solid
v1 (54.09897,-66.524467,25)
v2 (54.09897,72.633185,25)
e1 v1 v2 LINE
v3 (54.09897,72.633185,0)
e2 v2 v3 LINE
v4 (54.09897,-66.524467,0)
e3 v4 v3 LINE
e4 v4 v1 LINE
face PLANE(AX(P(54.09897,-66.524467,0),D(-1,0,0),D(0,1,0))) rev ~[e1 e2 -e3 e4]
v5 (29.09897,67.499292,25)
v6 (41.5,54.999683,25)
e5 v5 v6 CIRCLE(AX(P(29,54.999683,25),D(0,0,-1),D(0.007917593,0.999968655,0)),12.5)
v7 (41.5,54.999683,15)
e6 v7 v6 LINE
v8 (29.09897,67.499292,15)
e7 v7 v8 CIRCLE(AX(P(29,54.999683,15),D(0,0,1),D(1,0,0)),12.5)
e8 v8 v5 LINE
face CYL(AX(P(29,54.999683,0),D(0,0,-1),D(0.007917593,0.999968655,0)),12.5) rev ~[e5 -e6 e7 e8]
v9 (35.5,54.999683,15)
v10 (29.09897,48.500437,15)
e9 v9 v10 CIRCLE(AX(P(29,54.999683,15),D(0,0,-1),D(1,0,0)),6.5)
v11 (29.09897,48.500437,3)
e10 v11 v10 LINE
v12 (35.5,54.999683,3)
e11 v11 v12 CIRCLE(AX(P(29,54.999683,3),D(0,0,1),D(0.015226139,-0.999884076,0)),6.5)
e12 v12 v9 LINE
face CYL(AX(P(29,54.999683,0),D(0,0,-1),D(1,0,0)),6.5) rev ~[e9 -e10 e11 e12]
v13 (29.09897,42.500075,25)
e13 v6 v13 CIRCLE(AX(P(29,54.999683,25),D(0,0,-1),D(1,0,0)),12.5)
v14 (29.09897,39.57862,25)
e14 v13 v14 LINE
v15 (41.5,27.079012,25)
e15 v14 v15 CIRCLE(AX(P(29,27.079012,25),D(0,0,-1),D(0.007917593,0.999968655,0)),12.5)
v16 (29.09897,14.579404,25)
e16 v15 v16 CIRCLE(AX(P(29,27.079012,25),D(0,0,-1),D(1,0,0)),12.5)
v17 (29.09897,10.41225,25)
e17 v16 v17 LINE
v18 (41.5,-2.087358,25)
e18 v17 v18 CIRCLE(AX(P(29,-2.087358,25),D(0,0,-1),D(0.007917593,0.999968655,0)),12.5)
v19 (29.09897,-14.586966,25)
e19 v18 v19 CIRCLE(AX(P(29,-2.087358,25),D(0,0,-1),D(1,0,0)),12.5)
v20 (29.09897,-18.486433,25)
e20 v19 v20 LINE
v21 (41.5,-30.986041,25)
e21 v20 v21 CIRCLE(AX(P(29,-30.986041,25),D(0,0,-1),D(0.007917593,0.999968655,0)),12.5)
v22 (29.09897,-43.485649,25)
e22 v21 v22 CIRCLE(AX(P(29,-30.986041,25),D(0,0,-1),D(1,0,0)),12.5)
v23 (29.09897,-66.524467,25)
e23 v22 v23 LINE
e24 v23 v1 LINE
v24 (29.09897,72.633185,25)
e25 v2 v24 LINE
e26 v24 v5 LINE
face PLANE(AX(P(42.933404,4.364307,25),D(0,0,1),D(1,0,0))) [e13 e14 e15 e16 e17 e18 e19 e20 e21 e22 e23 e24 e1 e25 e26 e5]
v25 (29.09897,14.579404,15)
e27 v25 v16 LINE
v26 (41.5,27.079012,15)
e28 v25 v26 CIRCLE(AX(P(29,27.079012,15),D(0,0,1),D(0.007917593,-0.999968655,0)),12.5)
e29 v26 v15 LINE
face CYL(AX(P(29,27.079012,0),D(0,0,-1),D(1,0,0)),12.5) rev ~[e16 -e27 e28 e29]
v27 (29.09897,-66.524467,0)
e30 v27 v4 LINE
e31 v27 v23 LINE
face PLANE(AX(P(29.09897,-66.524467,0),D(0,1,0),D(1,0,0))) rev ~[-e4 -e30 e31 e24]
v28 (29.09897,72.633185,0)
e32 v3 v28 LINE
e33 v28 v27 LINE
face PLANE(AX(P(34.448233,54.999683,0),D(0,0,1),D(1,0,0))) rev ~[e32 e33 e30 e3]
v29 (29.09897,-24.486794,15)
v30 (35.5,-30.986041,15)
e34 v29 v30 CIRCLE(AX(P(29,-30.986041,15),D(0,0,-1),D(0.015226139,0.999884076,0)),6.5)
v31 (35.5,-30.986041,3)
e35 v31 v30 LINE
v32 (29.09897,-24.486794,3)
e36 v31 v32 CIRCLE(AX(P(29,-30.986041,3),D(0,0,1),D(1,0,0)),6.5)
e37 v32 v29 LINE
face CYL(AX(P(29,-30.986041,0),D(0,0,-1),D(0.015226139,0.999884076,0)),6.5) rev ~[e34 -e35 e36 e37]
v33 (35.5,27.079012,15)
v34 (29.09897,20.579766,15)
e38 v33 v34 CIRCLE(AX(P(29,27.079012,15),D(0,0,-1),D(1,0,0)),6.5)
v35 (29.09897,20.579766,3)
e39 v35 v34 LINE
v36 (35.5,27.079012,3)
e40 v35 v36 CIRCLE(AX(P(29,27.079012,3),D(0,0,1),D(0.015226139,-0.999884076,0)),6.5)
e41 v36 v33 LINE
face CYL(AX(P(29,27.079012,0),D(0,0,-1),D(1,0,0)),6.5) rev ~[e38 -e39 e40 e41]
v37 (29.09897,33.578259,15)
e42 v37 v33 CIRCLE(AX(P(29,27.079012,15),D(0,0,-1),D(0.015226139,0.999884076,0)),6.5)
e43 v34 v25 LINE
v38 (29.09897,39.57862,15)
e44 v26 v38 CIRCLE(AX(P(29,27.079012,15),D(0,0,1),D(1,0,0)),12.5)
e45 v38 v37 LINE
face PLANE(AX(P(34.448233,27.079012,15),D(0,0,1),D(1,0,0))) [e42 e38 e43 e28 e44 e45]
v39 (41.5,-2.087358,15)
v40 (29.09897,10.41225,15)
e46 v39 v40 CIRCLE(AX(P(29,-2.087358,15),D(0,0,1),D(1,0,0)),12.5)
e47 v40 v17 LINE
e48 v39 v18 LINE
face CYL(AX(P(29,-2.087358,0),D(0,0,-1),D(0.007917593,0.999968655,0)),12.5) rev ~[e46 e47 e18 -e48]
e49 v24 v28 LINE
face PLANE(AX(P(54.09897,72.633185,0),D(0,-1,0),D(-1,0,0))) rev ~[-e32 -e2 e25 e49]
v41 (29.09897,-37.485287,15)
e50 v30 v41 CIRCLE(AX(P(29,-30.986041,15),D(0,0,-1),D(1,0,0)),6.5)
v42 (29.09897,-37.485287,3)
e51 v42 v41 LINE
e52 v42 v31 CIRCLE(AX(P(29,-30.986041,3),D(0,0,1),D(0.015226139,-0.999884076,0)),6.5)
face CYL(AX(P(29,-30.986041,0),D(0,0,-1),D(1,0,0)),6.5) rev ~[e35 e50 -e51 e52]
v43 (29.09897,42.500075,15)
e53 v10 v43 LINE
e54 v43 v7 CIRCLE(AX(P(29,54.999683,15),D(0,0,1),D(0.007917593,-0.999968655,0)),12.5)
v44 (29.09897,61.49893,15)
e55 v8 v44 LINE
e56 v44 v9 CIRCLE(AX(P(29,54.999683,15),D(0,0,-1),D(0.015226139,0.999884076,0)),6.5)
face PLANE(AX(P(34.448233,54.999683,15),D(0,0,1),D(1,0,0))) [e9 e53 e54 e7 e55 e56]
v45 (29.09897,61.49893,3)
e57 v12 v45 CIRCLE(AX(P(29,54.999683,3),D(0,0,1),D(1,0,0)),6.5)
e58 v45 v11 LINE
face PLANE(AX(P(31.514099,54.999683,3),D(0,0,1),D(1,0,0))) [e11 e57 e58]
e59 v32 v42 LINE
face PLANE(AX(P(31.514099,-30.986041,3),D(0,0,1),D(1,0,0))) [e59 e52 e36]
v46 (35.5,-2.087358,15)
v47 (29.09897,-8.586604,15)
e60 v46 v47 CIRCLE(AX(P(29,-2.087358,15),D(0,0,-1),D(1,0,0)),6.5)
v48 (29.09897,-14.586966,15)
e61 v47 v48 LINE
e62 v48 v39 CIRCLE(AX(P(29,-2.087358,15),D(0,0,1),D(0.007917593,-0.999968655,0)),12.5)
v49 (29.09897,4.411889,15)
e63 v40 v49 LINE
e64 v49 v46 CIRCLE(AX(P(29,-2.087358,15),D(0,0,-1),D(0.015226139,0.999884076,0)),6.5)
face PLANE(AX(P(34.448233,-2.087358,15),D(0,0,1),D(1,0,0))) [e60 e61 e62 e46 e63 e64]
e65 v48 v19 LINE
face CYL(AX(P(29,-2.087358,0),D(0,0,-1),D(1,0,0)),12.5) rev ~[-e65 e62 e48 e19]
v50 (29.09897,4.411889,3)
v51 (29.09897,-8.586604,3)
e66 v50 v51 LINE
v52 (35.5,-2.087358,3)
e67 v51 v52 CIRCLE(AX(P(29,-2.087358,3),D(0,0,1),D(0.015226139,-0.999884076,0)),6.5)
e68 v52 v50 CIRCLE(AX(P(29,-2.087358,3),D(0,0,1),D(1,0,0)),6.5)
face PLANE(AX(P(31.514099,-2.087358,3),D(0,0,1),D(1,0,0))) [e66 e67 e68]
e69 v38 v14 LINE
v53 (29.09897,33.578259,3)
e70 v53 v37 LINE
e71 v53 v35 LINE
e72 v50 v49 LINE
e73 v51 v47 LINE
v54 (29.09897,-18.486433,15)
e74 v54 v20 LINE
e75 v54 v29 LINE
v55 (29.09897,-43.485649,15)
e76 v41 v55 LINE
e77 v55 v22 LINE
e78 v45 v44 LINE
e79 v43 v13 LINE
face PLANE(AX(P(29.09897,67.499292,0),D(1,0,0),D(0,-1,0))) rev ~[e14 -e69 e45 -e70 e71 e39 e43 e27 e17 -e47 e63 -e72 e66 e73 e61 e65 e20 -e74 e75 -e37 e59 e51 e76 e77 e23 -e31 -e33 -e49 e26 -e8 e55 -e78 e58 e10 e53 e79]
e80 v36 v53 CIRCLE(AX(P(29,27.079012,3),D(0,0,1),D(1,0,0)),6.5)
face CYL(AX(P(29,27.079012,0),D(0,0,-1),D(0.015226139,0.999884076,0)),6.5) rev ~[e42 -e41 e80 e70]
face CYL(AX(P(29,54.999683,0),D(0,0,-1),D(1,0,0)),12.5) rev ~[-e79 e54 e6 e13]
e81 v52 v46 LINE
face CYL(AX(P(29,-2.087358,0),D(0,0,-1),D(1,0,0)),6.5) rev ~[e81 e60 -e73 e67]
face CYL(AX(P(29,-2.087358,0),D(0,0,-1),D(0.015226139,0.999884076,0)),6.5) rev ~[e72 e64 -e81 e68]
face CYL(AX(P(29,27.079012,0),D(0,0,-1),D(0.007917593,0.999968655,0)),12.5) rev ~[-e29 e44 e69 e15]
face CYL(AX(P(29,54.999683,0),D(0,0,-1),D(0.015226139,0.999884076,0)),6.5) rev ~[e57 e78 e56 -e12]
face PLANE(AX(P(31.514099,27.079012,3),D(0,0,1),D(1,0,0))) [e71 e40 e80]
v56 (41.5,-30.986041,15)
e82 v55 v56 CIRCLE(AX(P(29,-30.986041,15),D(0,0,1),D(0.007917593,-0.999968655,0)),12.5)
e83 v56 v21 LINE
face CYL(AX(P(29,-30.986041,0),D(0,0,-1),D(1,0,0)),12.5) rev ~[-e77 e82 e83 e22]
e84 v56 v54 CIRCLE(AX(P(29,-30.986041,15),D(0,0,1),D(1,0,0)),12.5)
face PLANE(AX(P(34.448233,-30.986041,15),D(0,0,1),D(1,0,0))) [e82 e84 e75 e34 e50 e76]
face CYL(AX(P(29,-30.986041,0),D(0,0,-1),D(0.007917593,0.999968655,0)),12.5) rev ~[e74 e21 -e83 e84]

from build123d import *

# Parameters (mm, degrees)
F1_DEPTH = 25
F2_DEPTH = 3
F3_DEPTH = 15
F4_W     = 25
F4_H     = 139.1576522589
F5_DEPTH = 3


with BuildPart() as f1:
    # F0 (on Top) → F1 (new body)
    with BuildSketch(Plane.XY):
        with BuildLine():
            Line((54.0989699066, 72.6331850421), (29.0989699066, 72.6331850421))
            Line((29.0989699066, 72.6331850421), (29.0989699066, 67.49929167))
            ThreePointArc((29.0989699066, 67.49929167), (37.8737569223, 63.8034575596), (41.5, 54.9996834778))
            ThreePointArc((41.5, 54.9996834778), (37.8737569223, 46.195909396), (29.0989699066, 42.5000752856))
            Line((29.0989699066, 42.5000752856), (29.0989699066, 39.5786203772))
            ThreePointArc((29.0989699066, 39.5786203772), (37.8737569223, 35.8827862669), (41.5, 27.079012185))
            ThreePointArc((41.5, 27.079012185), (37.8737569223, 18.2752381032), (29.0989699066, 14.5794039929))
            Line((29.0989699066, 14.5794039929), (29.0989699066, 10.4122504635))
            ThreePointArc((29.0989699066, 10.4122504635), (37.8737569223, 6.7164163532), (41.5, -2.0873577287))
            ThreePointArc((41.5, -2.0873577287), (37.8737569223, -10.8911318105), (29.0989699066, -14.5869659208))
            Line((29.0989699066, -14.5869659208), (29.0989699066, -18.4864327763))
            ThreePointArc((29.0989699066, -18.4864327763), (37.8737569223, -22.1822668866), (41.5, -30.9860409684))
            ThreePointArc((41.5, -30.9860409684), (37.8737569223, -39.7898150502), (29.0989699066, -43.4856491606))
            Line((29.0989699066, -43.4856491606), (29.0989699066, -66.5244672167))
            Line((29.0989699066, -66.5244672167), (54.0989699066, -66.5244672167))
            Line((54.0989699066, -66.5244672167), (54.0989699066, 72.6331850421))
        make_face()
    extrude(amount=F1_DEPTH)



with BuildPart() as f2:
    # F0 (on Top) → F2 (new body)
    with BuildSketch(Plane.XY):
        with BuildLine():
            ThreePointArc((35.5, 54.9996834778), (33.6310530332, 59.5607521907), (29.0989699066, 61.4989299693))
            Line((29.0989699066, 61.4989299693), (29.0989699066, 48.5004369863))
            ThreePointArc((29.0989699066, 48.5004369863), (33.6310530332, 50.4386147649), (35.5, 54.9996834778))
        make_face()
    extrude(amount=F2_DEPTH)


with BuildPart() as f2b:
    # F0 (on Top) → F2, piece 2 (new body)
    with BuildSketch(Plane.XY):
        with BuildLine():
            ThreePointArc((35.5, 27.079012185), (33.6310530332, 31.6400808979), (29.0989699066, 33.5782586765))
            Line((29.0989699066, 33.5782586765), (29.0989699066, 20.5797656935))
            ThreePointArc((29.0989699066, 20.5797656935), (33.6310530332, 22.5179434721), (35.5, 27.079012185))
        make_face()
    extrude(amount=F2_DEPTH)


with BuildPart() as f2c:
    # F0 (on Top) → F2, piece 3 (new body)
    with BuildSketch(Plane.XY):
        with BuildLine():
            Line((29.0989699066, 4.4118887628), (29.0989699066, -8.5866042202))
            ThreePointArc((29.0989699066, -8.5866042202), (33.6310530332, -6.6484264416), (35.5, -2.0873577287))
            ThreePointArc((35.5, -2.0873577287), (33.6310530332, 2.4737109842), (29.0989699066, 4.4118887628))
        make_face()
    extrude(amount=F2_DEPTH)


with BuildPart() as f2d:
    # F0 (on Top) → F2, piece 4 (new body)
    with BuildSketch(Plane.XY):
        with BuildLine():
            Line((29.0989699066, -24.4867944769), (29.0989699066, -37.4852874599))
            ThreePointArc((29.0989699066, -37.4852874599), (33.6310530332, -35.5471096813), (35.5, -30.9860409684))
            ThreePointArc((35.5, -30.9860409684), (33.6310530332, -26.4249722555), (29.0989699066, -24.4867944769))
        make_face()
    extrude(amount=F2_DEPTH)


with BuildPart() as f1_1:
    add(f1.part)

    add(f2.part)  # F3 merges F2

    add(f2b.part)  # F3 merges F2b

    add(f2c.part)  # F3 merges F2c

    add(f2d.part)  # F3 merges F2d
    # F0 (on Top) → F3 (join)
    with BuildSketch(Plane.XY):
        with BuildLine():
            ThreePointArc((41.5, 54.9996834778), (37.8737569223, 63.8034575596), (29.0989699066, 67.49929167))
            Line((29.0989699066, 67.49929167), (29.0989699066, 61.4989299693))
            ThreePointArc((29.0989699066, 61.4989299693), (33.6310530332, 59.5607521907), (35.5, 54.9996834778))
            ThreePointArc((35.5, 54.9996834778), (33.6310530332, 50.4386147649), (29.0989699066, 48.5004369863))
            Line((29.0989699066, 48.5004369863), (29.0989699066, 42.5000752856))
            ThreePointArc((29.0989699066, 42.5000752856), (37.8737569223, 46.195909396), (41.5, 54.9996834778))
        make_face()
        with BuildLine():
            ThreePointArc((41.5, 27.079012185), (37.8737569223, 35.8827862669), (29.0989699066, 39.5786203772))
            Line((29.0989699066, 39.5786203772), (29.0989699066, 33.5782586765))
            ThreePointArc((29.0989699066, 33.5782586765), (33.6310530332, 31.6400808979), (35.5, 27.079012185))
            ThreePointArc((35.5, 27.079012185), (33.6310530332, 22.5179434721), (29.0989699066, 20.5797656935))
            Line((29.0989699066, 20.5797656935), (29.0989699066, 14.5794039929))
            ThreePointArc((29.0989699066, 14.5794039929), (37.8737569223, 18.2752381032), (41.5, 27.079012185))
        make_face()
        with BuildLine():
            Line((29.0989699066, -8.5866042202), (29.0989699066, -14.5869659208))
            ThreePointArc((29.0989699066, -14.5869659208), (37.8737569223, -10.8911318105), (41.5, -2.0873577287))
            ThreePointArc((41.5, -2.0873577287), (37.8737569223, 6.7164163532), (29.0989699066, 10.4122504635))
            Line((29.0989699066, 10.4122504635), (29.0989699066, 4.4118887628))
            ThreePointArc((29.0989699066, 4.4118887628), (33.6310530332, 2.4737109842), (35.5, -2.0873577287))
            ThreePointArc((35.5, -2.0873577287), (33.6310530332, -6.6484264416), (29.0989699066, -8.5866042202))
        make_face()
        with BuildLine():
            Line((29.0989699066, -37.4852874599), (29.0989699066, -43.4856491606))
            ThreePointArc((29.0989699066, -43.4856491606), (37.8737569223, -39.7898150502), (41.5, -30.9860409684))
            ThreePointArc((41.5, -30.9860409684), (37.8737569223, -22.1822668866), (29.0989699066, -18.4864327763))
            Line((29.0989699066, -18.4864327763), (29.0989699066, -24.4867944769))
            ThreePointArc((29.0989699066, -24.4867944769), (33.6310530332, -26.4249722555), (35.5, -30.9860409684))
            ThreePointArc((35.5, -30.9860409684), (33.6310530332, -35.5471096813), (29.0989699066, -37.4852874599))
        make_face()
    extrude(amount=F3_DEPTH)

    # F4 (on face) → F5 (join)
    with BuildSketch(Plane(origin=(0, 0, 0), x_dir=(1, 0, 0), z_dir=(0, 0, -1))):
        with Locations((41.5989699066, -3.0543589127)):
            Rectangle(F4_W, F4_H)
    extrude(amount=-F5_DEPTH)


solid = f1_1.part
